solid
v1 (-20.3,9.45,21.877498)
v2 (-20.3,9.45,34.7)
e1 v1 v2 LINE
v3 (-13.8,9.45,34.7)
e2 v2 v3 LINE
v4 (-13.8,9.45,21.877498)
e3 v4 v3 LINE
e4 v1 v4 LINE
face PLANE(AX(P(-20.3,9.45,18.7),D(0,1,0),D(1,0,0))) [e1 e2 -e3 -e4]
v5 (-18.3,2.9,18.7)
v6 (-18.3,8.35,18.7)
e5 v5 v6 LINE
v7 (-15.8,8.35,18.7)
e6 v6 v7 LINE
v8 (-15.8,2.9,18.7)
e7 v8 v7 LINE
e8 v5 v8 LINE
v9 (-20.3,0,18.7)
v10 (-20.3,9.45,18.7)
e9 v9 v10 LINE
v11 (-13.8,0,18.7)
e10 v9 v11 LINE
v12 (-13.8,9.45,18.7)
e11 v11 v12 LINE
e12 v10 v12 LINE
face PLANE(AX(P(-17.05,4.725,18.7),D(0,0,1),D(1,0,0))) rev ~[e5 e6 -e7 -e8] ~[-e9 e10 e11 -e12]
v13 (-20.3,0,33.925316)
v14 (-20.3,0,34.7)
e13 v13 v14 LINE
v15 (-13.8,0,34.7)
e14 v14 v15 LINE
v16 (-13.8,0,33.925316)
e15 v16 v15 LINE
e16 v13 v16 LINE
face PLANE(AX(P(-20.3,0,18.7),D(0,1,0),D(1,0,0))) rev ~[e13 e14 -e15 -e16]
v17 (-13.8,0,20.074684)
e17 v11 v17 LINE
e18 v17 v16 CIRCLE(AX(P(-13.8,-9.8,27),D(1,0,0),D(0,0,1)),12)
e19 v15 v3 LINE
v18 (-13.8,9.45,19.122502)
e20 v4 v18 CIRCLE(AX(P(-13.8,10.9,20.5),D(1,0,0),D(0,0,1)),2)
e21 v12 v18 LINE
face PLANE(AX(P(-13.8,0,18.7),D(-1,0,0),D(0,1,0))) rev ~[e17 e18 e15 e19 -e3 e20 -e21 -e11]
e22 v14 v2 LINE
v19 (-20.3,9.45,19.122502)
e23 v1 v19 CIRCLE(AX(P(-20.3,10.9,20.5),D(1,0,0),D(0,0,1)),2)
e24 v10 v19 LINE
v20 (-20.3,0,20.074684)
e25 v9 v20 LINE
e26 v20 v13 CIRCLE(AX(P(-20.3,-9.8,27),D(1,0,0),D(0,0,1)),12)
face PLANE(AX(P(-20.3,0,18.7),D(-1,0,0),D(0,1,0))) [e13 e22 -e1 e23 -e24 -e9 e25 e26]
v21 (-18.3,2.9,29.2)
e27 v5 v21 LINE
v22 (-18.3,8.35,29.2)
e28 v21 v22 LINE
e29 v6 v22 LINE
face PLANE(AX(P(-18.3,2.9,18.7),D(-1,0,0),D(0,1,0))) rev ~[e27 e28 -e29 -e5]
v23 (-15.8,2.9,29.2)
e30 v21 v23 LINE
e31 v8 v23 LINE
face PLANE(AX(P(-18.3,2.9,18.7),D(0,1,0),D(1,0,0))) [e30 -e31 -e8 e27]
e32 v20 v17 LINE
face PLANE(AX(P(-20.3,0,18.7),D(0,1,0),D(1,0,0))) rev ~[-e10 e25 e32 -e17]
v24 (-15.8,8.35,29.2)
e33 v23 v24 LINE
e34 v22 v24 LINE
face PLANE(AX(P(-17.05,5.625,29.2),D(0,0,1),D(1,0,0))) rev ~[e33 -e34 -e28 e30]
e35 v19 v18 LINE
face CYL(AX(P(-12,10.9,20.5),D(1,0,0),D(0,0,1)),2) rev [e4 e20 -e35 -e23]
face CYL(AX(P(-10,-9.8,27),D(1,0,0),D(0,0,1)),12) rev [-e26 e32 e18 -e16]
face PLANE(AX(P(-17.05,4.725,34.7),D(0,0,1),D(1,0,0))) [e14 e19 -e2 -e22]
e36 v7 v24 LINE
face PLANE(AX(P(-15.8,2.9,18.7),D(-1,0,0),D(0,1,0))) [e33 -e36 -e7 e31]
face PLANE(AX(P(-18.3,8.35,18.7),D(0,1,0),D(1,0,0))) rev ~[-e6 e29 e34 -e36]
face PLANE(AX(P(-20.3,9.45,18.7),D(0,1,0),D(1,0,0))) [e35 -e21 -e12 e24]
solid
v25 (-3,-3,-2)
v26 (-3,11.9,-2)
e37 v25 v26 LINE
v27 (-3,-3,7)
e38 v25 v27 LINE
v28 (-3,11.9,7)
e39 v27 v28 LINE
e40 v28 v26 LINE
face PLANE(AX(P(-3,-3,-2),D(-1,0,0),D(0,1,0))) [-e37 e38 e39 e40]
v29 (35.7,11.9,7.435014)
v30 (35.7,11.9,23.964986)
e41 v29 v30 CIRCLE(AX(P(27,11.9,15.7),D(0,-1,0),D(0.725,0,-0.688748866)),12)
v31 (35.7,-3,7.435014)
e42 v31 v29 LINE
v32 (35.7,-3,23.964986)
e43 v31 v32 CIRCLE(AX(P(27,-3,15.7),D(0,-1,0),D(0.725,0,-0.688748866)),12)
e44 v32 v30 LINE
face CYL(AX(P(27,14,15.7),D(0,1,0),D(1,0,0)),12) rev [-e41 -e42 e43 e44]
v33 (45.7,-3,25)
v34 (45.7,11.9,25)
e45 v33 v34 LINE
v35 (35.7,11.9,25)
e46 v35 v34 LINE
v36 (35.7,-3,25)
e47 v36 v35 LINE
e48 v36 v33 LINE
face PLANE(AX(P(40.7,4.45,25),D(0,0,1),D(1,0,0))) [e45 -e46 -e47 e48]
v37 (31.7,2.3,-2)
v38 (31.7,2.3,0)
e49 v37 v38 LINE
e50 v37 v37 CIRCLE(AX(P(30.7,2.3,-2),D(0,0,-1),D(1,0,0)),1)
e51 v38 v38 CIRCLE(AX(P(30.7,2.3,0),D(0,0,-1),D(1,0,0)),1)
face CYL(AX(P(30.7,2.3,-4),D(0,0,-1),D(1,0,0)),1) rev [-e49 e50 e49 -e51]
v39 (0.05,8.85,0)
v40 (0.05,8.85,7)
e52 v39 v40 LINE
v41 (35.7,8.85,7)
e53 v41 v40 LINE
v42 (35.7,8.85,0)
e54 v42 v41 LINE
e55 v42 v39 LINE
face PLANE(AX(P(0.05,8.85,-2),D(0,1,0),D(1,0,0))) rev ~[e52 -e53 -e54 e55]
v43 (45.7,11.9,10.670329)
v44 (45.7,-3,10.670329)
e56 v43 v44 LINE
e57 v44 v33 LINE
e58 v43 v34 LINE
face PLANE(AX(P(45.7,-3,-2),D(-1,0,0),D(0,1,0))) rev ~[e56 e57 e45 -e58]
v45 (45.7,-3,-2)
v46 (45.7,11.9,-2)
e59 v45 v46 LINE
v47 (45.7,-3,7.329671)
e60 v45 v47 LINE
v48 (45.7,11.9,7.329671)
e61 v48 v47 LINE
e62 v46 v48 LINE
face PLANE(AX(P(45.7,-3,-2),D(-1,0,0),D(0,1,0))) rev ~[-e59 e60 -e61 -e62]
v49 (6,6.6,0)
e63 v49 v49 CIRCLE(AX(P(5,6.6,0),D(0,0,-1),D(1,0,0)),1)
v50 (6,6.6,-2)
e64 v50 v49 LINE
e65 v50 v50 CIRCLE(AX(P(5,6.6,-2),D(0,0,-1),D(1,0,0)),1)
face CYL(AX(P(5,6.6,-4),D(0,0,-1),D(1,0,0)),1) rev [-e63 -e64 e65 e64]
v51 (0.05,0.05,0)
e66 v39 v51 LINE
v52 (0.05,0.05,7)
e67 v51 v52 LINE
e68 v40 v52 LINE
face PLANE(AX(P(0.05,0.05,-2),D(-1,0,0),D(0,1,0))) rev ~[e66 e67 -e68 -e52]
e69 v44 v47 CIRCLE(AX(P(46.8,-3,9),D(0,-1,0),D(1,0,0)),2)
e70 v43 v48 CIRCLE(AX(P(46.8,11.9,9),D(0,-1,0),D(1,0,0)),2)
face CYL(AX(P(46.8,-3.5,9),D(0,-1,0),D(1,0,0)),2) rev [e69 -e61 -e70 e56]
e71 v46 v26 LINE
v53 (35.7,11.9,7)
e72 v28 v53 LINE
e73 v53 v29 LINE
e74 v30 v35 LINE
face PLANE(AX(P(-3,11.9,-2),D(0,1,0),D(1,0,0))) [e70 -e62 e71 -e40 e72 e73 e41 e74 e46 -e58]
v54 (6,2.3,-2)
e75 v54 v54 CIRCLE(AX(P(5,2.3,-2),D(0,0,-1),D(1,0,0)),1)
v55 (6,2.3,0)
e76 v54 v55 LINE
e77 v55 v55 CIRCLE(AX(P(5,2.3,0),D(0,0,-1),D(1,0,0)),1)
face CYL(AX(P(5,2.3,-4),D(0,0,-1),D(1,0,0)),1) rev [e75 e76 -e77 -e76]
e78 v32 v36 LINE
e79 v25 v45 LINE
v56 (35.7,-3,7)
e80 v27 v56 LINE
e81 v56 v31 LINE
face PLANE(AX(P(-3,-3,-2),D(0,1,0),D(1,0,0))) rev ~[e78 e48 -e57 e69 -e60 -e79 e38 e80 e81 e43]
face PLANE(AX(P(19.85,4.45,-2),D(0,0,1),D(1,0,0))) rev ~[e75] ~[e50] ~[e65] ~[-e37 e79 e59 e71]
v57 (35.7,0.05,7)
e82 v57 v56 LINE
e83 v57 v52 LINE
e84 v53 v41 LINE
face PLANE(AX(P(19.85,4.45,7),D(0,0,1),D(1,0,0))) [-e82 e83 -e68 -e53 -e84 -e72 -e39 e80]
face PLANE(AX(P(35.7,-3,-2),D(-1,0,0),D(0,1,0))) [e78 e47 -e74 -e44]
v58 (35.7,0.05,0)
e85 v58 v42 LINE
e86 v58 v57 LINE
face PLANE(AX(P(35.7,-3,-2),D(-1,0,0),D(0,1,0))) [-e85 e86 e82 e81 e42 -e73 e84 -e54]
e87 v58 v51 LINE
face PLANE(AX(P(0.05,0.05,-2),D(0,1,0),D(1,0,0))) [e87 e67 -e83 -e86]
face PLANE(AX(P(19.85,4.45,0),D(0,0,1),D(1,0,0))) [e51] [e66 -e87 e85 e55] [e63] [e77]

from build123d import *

# Parameters (mm, degrees)
CYLINDER002_R     = 1
CYLINDER002_DEPTH = 10
CYLINDER003_R     = 1
CYLINDER003_DEPTH = 10
CYLINDER_R        = 1
CYLINDER_DEPTH    = 10
CYLINDER005_R     = 2
CYLINDER005_DEPTH = 16
CYLINDER004_R     = 12
CYLINDER004_DEPTH = 20
BOX005_W          = 10
BOX005_H          = 14.9
BOX005_DEPTH      = 27
BOX004_W          = 45.7
BOX004_H          = 14.9
BOX004_DEPTH      = 2
BOX_W             = 36.6
BOX_H             = 8.8
BOX_DEPTH         = 10
BOX001_W          = 45.7
BOX001_H          = 14.9
BOX001_DEPTH      = 7
CYLINDER007_R     = 2
CYLINDER007_DEPTH = 10
CYLINDER006_R     = 12
CYLINDER006_DEPTH = 16
BOX007_W          = 2.5
BOX007_H          = 5.45
BOX007_DEPTH      = 10.5
BOX008_W          = 6.5
BOX008_H          = 9.45
BOX008_DEPTH      = 16


with BuildPart() as cylinder002:
    # Cylinder002 → Cylinder002 (new body)
    with BuildSketch(Plane(origin=(5, 6.6, -4), x_dir=(1, 0, 0), z_dir=(0, 0, 1))):
        Circle(CYLINDER002_R)
    extrude(amount=CYLINDER002_DEPTH)


with BuildPart() as cylinder003:
    # Cylinder003 → Cylinder003 (new body)
    with BuildSketch(Plane(origin=(30.7, 2.3, -4), x_dir=(1, 0, 0), z_dir=(0, 0, 1))):
        Circle(CYLINDER003_R)
    extrude(amount=CYLINDER003_DEPTH)


with BuildPart() as fusion:
    # Cylinder → Cylinder (new body)
    with BuildSketch(Plane(origin=(5, 2.3, -4), x_dir=(1, 0, 0), z_dir=(0, 0, 1))):
        Circle(CYLINDER_R)
    extrude(amount=CYLINDER_DEPTH)

    # Fusion: union Cylinder002, Cylinder003
    add(cylinder002.part)
    add(cylinder003.part)


with BuildPart() as cylinder005:
    # Cylinder005 → Cylinder005 (new body)
    with BuildSketch(Plane(origin=(46.8, -3.5, 9), x_dir=(1, 0, 0), z_dir=(0, 1, 0))):
        Circle(CYLINDER005_R)
    extrude(amount=CYLINDER005_DEPTH)


with BuildPart() as cylinder004:
    # Cylinder004 → Cylinder004 (new body)
    with BuildSketch(Plane(origin=(27, 14, 15.7), x_dir=(1, 0, 0), z_dir=(0, -1, 0))):
        Circle(CYLINDER004_R)
    extrude(amount=CYLINDER004_DEPTH)


with BuildPart() as cut002:
    # Box005 → Box005 (new body)
    with BuildSketch(Plane(origin=(35.7, -3, -2), x_dir=(1, 0, 0), z_dir=(0, 0, 1))):
        with Locations((5, 7.45)):
            Rectangle(BOX005_W, BOX005_H)
    extrude(amount=BOX005_DEPTH)

    # Cut001: cut Cylinder004
    add(cylinder004.part, mode=Mode.SUBTRACT)

    # Cut002: cut Cylinder005
    add(cylinder005.part, mode=Mode.SUBTRACT)


with BuildPart() as cube004:
    # Box004 → Box004 (new body)
    with BuildSketch(Plane(origin=(-3, -3, -2), x_dir=(1, 0, 0), z_dir=(0, 0, 1))):
        with Locations((22.85, 7.45)):
            Rectangle(BOX004_W, BOX004_H)
    extrude(amount=BOX004_DEPTH)


with BuildPart() as cube:
    # Box → Box (new body)
    with BuildSketch(Plane(origin=(0.05, 0.05, -2), x_dir=(1, 0, 0), z_dir=(0, 0, 1))):
        with Locations((18.3, 4.4)):
            Rectangle(BOX_W, BOX_H)
    extrude(amount=BOX_DEPTH)


with BuildPart() as cut003:
    # Box001 → Box001 (new body)
    with BuildSketch(Plane(origin=(-3, -3, 0), x_dir=(1, 0, 0), z_dir=(0, 0, 1))):
        with Locations((22.85, 7.45)):
            Rectangle(BOX001_W, BOX001_H)
    extrude(amount=BOX001_DEPTH)

    # Cut: cut Cube
    add(cube.part, mode=Mode.SUBTRACT)

    # Fusion001: union Cut002, Cube004
    add(cut002.part)
    add(cube004.part)

    # Cut003: cut Fusion
    add(fusion.part, mode=Mode.SUBTRACT)


with BuildPart() as cylinder007:
    # Cylinder007 → Cylinder007 (new body)
    with BuildSketch(Plane(origin=(-12, 10.9, 20.5), x_dir=(0, 0, 1), z_dir=(-1, 0, 0))):
        Circle(CYLINDER007_R)
    extrude(amount=CYLINDER007_DEPTH)


with BuildPart() as cylinder006:
    # Cylinder006 → Cylinder006 (new body)
    with BuildSketch(Plane(origin=(-10, -9.8, 27), x_dir=(0, 0, 1), z_dir=(-1, 0, 0))):
        Circle(CYLINDER006_R)
    extrude(amount=CYLINDER006_DEPTH)


with BuildPart() as cube007:
    # Box007 → Box007 (new body)
    with BuildSketch(Plane(origin=(-18.3, 2.9, 18.7), x_dir=(1, 0, 0), z_dir=(0, 0, 1))):
        with Locations((1.25, 2.725)):
            Rectangle(BOX007_W, BOX007_H)
    extrude(amount=BOX007_DEPTH)


with BuildPart() as cut006:
    # Box008 → Box008 (new body)
    with BuildSketch(Plane(origin=(-20.3, 0, 18.7), x_dir=(1, 0, 0), z_dir=(0, 0, 1))):
        with Locations((3.25, 4.725)):
            Rectangle(BOX008_W, BOX008_H)
    extrude(amount=BOX008_DEPTH)

    # Cut004: cut Cube007
    add(cube007.part, mode=Mode.SUBTRACT)

    # Cut005: cut Cylinder006
    add(cylinder006.part, mode=Mode.SUBTRACT)

    # Cut006: cut Cylinder007
    add(cylinder007.part, mode=Mode.SUBTRACT)


solid = Compound([cut003.part, cut006.part])
